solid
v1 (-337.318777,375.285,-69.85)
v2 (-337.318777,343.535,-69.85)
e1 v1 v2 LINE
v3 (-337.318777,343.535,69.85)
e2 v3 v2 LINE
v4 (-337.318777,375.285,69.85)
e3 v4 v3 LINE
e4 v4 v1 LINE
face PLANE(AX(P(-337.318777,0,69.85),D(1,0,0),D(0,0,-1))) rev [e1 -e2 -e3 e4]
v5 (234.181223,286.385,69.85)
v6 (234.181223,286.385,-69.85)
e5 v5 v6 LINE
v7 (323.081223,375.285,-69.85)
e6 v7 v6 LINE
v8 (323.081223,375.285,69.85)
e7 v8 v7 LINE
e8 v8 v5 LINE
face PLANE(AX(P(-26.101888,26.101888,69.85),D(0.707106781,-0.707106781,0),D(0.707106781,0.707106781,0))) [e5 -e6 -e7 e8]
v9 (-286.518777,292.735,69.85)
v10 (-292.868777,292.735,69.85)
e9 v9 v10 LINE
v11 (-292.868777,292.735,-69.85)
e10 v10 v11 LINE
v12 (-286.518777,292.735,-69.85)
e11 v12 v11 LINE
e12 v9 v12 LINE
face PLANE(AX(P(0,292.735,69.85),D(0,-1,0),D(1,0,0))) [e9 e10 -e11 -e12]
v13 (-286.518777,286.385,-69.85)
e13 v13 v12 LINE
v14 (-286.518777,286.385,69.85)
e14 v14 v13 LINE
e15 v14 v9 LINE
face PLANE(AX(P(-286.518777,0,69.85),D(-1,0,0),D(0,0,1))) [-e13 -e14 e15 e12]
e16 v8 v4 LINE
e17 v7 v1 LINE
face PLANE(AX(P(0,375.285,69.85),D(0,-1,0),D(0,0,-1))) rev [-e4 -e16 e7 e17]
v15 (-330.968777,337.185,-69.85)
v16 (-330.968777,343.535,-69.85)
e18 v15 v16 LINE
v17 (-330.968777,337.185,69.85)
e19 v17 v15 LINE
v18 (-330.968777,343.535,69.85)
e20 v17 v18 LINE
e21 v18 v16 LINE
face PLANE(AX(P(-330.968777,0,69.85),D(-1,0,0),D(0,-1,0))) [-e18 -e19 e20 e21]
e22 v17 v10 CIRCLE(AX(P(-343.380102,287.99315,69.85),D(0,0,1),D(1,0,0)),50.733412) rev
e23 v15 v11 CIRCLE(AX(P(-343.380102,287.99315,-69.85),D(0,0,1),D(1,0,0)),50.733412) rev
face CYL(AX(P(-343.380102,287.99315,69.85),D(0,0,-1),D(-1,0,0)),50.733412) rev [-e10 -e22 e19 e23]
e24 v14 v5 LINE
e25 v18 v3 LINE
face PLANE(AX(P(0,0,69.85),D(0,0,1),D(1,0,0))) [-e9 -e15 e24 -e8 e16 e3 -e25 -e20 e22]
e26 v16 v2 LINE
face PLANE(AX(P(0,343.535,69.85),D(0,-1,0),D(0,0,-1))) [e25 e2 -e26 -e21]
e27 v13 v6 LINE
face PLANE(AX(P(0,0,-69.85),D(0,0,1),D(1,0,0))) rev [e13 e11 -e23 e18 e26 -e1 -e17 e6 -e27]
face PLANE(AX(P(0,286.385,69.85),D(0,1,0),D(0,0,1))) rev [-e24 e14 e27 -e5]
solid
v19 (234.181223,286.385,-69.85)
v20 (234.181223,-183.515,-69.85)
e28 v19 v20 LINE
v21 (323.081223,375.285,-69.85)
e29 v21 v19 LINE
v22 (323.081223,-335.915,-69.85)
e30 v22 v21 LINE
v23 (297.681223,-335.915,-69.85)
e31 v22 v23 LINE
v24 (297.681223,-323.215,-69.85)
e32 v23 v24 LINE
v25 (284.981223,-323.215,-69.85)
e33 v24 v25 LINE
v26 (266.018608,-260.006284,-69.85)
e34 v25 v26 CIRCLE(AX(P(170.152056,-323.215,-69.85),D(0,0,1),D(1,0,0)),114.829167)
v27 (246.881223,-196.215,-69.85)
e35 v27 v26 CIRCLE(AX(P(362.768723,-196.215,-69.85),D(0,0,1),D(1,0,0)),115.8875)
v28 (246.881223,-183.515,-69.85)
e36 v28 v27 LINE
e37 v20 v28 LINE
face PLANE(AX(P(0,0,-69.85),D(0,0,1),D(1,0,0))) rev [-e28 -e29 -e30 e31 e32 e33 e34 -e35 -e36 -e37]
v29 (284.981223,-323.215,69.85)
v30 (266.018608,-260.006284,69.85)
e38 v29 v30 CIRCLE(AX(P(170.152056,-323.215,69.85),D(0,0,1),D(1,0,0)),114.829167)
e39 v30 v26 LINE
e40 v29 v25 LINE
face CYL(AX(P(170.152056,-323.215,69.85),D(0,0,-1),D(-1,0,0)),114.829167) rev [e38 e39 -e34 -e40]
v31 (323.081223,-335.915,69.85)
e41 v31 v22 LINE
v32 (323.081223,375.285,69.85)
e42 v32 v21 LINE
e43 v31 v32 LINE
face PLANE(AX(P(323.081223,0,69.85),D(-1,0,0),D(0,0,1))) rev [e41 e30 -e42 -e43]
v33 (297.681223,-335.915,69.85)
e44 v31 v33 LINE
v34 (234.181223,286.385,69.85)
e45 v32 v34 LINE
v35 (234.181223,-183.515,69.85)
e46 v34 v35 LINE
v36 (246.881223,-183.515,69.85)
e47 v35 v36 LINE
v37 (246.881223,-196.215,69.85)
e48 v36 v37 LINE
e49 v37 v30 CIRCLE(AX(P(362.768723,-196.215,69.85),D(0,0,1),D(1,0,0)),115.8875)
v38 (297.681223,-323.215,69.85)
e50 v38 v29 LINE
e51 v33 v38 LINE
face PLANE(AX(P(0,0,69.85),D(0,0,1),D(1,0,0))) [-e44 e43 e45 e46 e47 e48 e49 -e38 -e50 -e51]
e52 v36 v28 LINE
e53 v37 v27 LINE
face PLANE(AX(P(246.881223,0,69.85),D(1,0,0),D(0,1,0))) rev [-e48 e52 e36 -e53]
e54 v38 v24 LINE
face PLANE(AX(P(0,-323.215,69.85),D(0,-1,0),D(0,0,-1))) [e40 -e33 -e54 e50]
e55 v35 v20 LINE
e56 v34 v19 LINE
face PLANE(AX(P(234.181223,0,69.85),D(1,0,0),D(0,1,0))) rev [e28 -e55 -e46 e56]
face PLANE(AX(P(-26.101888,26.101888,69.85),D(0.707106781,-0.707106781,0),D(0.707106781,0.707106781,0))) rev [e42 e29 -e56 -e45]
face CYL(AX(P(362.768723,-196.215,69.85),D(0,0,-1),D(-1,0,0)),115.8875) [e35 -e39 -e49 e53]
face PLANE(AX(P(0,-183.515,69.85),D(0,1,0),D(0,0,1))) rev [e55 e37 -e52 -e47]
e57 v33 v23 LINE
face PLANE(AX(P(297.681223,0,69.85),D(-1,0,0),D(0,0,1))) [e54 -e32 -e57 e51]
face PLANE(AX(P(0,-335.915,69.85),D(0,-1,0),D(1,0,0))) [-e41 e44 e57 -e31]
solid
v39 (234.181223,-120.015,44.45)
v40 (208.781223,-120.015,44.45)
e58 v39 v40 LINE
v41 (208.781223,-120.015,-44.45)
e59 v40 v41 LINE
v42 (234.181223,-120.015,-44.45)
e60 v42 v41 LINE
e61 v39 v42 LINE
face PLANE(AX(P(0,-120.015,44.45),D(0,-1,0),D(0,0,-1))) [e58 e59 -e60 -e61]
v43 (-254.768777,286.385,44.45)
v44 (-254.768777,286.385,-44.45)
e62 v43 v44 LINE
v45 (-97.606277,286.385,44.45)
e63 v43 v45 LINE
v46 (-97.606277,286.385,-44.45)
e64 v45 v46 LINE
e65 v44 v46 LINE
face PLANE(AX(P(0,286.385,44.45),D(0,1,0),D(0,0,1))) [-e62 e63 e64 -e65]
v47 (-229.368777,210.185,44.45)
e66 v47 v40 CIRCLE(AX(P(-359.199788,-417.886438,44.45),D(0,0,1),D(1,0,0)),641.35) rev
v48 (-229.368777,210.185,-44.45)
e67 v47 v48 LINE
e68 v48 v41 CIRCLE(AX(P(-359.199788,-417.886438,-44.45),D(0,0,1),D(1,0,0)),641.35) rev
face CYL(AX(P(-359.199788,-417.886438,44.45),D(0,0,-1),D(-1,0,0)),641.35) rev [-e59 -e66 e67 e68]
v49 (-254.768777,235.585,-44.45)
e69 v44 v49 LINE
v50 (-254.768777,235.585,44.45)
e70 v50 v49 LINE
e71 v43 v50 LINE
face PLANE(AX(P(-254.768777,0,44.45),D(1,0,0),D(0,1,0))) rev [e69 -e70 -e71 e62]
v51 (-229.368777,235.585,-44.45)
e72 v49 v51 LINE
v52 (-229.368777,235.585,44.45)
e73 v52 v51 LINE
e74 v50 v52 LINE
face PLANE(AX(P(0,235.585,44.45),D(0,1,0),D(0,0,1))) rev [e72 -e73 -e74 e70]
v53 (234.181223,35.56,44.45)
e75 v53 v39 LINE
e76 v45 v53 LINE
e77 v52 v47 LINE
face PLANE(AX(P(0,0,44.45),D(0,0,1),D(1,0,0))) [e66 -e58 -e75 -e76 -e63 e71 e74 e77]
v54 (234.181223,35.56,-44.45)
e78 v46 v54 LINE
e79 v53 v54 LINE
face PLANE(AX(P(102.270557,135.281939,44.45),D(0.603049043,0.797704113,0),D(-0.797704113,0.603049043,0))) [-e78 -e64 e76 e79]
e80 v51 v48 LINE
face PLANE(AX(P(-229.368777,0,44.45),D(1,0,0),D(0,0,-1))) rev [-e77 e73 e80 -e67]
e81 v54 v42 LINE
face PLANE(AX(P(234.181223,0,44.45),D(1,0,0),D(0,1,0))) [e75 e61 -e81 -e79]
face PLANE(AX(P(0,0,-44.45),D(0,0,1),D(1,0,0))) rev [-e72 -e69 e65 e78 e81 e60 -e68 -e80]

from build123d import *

# Parameters (mm, degrees)
BOSS_EXTRUDE1_DEPTH = 69.85
BOSS_EXTRUDE2_DEPTH = 44.45
BOSS_EXTRUDE3_DEPTH = 69.85


with BuildPart() as part:
    # Sketch1 → Boss-Extrude1 (new body, symmetric)
    with BuildSketch(Plane.XY):
        with BuildLine():
            Line((-330.968776984, 337.185), (-330.968776984, 343.535))
            Line((-330.968776984, 343.535), (-337.318776984, 343.535))
            Line((-337.318776984, 343.535), (-337.318776984, 375.285))
            Line((-337.318776984, 375.285), (323.081223016, 375.285))
            Line((323.081223016, 375.285), (234.181223016, 286.385))
            Line((234.181223016, 286.385), (-286.518776984, 286.385))
            Line((-286.518776984, 286.385), (-286.518776984, 292.735))
            Line((-286.518776984, 292.735), (-292.868776984, 292.735))
            ThreePointArc((-292.868776984, 292.735), (-304.860423906, 321.010016924), (-330.968776984, 337.185))
        make_face()
    extrude(amount=BOSS_EXTRUDE1_DEPTH, both=True)


with BuildPart() as body_2:
    # Sketch1_3 → Boss-Extrude2 (new body, symmetric)
    with BuildSketch(Plane.XY):
        with BuildLine():
            Line((234.181223016, 35.56), (-97.606276984, 286.385))
            Line((-97.606276984, 286.385), (-254.768776984, 286.385))
            Line((-254.768776984, 286.385), (-254.768776984, 235.585))
            Line((-254.768776984, 235.585), (-229.368776984, 235.585))
            Line((-229.368776984, 235.585), (-229.368776984, 210.185))
            ThreePointArc((-229.368776984, 210.185), (26.79686291, 94.301426014), (208.781223016, -120.015))
            Line((208.781223016, -120.015), (234.181223016, -120.015))
            Line((234.181223016, -120.015), (234.181223016, 35.56))
        make_face()
    extrude(amount=BOSS_EXTRUDE2_DEPTH, both=True)


with BuildPart() as body_3:
    # Sketch1_4 → Boss-Extrude3 (new body, symmetric)
    with BuildSketch(Plane.XY):
        with BuildLine():
            Line((323.081223016, -335.915), (323.081223016, 375.285))
            Line((323.081223016, 375.285), (234.181223016, 286.385))
            Line((234.181223016, 286.385), (234.181223016, -183.515))
            Line((234.181223016, -183.515), (246.881223016, -183.515))
            Line((246.881223016, -183.515), (246.881223016, -196.215))
            ThreePointArc((246.881223016, -196.215), (251.768629387, -229.515028089), (266.018608337, -260.006284404))
            ThreePointArc((266.018608337, -260.006284404), (280.138450492, -290.219081757), (284.981223016, -323.215))
            Line((284.981223016, -323.215), (297.681223016, -323.215))
            Line((297.681223016, -323.215), (297.681223016, -335.915))
            Line((297.681223016, -335.915), (323.081223016, -335.915))
        make_face()
    extrude(amount=BOSS_EXTRUDE3_DEPTH, both=True)


solid = Compound([part.part, body_2.part, body_3.part])
